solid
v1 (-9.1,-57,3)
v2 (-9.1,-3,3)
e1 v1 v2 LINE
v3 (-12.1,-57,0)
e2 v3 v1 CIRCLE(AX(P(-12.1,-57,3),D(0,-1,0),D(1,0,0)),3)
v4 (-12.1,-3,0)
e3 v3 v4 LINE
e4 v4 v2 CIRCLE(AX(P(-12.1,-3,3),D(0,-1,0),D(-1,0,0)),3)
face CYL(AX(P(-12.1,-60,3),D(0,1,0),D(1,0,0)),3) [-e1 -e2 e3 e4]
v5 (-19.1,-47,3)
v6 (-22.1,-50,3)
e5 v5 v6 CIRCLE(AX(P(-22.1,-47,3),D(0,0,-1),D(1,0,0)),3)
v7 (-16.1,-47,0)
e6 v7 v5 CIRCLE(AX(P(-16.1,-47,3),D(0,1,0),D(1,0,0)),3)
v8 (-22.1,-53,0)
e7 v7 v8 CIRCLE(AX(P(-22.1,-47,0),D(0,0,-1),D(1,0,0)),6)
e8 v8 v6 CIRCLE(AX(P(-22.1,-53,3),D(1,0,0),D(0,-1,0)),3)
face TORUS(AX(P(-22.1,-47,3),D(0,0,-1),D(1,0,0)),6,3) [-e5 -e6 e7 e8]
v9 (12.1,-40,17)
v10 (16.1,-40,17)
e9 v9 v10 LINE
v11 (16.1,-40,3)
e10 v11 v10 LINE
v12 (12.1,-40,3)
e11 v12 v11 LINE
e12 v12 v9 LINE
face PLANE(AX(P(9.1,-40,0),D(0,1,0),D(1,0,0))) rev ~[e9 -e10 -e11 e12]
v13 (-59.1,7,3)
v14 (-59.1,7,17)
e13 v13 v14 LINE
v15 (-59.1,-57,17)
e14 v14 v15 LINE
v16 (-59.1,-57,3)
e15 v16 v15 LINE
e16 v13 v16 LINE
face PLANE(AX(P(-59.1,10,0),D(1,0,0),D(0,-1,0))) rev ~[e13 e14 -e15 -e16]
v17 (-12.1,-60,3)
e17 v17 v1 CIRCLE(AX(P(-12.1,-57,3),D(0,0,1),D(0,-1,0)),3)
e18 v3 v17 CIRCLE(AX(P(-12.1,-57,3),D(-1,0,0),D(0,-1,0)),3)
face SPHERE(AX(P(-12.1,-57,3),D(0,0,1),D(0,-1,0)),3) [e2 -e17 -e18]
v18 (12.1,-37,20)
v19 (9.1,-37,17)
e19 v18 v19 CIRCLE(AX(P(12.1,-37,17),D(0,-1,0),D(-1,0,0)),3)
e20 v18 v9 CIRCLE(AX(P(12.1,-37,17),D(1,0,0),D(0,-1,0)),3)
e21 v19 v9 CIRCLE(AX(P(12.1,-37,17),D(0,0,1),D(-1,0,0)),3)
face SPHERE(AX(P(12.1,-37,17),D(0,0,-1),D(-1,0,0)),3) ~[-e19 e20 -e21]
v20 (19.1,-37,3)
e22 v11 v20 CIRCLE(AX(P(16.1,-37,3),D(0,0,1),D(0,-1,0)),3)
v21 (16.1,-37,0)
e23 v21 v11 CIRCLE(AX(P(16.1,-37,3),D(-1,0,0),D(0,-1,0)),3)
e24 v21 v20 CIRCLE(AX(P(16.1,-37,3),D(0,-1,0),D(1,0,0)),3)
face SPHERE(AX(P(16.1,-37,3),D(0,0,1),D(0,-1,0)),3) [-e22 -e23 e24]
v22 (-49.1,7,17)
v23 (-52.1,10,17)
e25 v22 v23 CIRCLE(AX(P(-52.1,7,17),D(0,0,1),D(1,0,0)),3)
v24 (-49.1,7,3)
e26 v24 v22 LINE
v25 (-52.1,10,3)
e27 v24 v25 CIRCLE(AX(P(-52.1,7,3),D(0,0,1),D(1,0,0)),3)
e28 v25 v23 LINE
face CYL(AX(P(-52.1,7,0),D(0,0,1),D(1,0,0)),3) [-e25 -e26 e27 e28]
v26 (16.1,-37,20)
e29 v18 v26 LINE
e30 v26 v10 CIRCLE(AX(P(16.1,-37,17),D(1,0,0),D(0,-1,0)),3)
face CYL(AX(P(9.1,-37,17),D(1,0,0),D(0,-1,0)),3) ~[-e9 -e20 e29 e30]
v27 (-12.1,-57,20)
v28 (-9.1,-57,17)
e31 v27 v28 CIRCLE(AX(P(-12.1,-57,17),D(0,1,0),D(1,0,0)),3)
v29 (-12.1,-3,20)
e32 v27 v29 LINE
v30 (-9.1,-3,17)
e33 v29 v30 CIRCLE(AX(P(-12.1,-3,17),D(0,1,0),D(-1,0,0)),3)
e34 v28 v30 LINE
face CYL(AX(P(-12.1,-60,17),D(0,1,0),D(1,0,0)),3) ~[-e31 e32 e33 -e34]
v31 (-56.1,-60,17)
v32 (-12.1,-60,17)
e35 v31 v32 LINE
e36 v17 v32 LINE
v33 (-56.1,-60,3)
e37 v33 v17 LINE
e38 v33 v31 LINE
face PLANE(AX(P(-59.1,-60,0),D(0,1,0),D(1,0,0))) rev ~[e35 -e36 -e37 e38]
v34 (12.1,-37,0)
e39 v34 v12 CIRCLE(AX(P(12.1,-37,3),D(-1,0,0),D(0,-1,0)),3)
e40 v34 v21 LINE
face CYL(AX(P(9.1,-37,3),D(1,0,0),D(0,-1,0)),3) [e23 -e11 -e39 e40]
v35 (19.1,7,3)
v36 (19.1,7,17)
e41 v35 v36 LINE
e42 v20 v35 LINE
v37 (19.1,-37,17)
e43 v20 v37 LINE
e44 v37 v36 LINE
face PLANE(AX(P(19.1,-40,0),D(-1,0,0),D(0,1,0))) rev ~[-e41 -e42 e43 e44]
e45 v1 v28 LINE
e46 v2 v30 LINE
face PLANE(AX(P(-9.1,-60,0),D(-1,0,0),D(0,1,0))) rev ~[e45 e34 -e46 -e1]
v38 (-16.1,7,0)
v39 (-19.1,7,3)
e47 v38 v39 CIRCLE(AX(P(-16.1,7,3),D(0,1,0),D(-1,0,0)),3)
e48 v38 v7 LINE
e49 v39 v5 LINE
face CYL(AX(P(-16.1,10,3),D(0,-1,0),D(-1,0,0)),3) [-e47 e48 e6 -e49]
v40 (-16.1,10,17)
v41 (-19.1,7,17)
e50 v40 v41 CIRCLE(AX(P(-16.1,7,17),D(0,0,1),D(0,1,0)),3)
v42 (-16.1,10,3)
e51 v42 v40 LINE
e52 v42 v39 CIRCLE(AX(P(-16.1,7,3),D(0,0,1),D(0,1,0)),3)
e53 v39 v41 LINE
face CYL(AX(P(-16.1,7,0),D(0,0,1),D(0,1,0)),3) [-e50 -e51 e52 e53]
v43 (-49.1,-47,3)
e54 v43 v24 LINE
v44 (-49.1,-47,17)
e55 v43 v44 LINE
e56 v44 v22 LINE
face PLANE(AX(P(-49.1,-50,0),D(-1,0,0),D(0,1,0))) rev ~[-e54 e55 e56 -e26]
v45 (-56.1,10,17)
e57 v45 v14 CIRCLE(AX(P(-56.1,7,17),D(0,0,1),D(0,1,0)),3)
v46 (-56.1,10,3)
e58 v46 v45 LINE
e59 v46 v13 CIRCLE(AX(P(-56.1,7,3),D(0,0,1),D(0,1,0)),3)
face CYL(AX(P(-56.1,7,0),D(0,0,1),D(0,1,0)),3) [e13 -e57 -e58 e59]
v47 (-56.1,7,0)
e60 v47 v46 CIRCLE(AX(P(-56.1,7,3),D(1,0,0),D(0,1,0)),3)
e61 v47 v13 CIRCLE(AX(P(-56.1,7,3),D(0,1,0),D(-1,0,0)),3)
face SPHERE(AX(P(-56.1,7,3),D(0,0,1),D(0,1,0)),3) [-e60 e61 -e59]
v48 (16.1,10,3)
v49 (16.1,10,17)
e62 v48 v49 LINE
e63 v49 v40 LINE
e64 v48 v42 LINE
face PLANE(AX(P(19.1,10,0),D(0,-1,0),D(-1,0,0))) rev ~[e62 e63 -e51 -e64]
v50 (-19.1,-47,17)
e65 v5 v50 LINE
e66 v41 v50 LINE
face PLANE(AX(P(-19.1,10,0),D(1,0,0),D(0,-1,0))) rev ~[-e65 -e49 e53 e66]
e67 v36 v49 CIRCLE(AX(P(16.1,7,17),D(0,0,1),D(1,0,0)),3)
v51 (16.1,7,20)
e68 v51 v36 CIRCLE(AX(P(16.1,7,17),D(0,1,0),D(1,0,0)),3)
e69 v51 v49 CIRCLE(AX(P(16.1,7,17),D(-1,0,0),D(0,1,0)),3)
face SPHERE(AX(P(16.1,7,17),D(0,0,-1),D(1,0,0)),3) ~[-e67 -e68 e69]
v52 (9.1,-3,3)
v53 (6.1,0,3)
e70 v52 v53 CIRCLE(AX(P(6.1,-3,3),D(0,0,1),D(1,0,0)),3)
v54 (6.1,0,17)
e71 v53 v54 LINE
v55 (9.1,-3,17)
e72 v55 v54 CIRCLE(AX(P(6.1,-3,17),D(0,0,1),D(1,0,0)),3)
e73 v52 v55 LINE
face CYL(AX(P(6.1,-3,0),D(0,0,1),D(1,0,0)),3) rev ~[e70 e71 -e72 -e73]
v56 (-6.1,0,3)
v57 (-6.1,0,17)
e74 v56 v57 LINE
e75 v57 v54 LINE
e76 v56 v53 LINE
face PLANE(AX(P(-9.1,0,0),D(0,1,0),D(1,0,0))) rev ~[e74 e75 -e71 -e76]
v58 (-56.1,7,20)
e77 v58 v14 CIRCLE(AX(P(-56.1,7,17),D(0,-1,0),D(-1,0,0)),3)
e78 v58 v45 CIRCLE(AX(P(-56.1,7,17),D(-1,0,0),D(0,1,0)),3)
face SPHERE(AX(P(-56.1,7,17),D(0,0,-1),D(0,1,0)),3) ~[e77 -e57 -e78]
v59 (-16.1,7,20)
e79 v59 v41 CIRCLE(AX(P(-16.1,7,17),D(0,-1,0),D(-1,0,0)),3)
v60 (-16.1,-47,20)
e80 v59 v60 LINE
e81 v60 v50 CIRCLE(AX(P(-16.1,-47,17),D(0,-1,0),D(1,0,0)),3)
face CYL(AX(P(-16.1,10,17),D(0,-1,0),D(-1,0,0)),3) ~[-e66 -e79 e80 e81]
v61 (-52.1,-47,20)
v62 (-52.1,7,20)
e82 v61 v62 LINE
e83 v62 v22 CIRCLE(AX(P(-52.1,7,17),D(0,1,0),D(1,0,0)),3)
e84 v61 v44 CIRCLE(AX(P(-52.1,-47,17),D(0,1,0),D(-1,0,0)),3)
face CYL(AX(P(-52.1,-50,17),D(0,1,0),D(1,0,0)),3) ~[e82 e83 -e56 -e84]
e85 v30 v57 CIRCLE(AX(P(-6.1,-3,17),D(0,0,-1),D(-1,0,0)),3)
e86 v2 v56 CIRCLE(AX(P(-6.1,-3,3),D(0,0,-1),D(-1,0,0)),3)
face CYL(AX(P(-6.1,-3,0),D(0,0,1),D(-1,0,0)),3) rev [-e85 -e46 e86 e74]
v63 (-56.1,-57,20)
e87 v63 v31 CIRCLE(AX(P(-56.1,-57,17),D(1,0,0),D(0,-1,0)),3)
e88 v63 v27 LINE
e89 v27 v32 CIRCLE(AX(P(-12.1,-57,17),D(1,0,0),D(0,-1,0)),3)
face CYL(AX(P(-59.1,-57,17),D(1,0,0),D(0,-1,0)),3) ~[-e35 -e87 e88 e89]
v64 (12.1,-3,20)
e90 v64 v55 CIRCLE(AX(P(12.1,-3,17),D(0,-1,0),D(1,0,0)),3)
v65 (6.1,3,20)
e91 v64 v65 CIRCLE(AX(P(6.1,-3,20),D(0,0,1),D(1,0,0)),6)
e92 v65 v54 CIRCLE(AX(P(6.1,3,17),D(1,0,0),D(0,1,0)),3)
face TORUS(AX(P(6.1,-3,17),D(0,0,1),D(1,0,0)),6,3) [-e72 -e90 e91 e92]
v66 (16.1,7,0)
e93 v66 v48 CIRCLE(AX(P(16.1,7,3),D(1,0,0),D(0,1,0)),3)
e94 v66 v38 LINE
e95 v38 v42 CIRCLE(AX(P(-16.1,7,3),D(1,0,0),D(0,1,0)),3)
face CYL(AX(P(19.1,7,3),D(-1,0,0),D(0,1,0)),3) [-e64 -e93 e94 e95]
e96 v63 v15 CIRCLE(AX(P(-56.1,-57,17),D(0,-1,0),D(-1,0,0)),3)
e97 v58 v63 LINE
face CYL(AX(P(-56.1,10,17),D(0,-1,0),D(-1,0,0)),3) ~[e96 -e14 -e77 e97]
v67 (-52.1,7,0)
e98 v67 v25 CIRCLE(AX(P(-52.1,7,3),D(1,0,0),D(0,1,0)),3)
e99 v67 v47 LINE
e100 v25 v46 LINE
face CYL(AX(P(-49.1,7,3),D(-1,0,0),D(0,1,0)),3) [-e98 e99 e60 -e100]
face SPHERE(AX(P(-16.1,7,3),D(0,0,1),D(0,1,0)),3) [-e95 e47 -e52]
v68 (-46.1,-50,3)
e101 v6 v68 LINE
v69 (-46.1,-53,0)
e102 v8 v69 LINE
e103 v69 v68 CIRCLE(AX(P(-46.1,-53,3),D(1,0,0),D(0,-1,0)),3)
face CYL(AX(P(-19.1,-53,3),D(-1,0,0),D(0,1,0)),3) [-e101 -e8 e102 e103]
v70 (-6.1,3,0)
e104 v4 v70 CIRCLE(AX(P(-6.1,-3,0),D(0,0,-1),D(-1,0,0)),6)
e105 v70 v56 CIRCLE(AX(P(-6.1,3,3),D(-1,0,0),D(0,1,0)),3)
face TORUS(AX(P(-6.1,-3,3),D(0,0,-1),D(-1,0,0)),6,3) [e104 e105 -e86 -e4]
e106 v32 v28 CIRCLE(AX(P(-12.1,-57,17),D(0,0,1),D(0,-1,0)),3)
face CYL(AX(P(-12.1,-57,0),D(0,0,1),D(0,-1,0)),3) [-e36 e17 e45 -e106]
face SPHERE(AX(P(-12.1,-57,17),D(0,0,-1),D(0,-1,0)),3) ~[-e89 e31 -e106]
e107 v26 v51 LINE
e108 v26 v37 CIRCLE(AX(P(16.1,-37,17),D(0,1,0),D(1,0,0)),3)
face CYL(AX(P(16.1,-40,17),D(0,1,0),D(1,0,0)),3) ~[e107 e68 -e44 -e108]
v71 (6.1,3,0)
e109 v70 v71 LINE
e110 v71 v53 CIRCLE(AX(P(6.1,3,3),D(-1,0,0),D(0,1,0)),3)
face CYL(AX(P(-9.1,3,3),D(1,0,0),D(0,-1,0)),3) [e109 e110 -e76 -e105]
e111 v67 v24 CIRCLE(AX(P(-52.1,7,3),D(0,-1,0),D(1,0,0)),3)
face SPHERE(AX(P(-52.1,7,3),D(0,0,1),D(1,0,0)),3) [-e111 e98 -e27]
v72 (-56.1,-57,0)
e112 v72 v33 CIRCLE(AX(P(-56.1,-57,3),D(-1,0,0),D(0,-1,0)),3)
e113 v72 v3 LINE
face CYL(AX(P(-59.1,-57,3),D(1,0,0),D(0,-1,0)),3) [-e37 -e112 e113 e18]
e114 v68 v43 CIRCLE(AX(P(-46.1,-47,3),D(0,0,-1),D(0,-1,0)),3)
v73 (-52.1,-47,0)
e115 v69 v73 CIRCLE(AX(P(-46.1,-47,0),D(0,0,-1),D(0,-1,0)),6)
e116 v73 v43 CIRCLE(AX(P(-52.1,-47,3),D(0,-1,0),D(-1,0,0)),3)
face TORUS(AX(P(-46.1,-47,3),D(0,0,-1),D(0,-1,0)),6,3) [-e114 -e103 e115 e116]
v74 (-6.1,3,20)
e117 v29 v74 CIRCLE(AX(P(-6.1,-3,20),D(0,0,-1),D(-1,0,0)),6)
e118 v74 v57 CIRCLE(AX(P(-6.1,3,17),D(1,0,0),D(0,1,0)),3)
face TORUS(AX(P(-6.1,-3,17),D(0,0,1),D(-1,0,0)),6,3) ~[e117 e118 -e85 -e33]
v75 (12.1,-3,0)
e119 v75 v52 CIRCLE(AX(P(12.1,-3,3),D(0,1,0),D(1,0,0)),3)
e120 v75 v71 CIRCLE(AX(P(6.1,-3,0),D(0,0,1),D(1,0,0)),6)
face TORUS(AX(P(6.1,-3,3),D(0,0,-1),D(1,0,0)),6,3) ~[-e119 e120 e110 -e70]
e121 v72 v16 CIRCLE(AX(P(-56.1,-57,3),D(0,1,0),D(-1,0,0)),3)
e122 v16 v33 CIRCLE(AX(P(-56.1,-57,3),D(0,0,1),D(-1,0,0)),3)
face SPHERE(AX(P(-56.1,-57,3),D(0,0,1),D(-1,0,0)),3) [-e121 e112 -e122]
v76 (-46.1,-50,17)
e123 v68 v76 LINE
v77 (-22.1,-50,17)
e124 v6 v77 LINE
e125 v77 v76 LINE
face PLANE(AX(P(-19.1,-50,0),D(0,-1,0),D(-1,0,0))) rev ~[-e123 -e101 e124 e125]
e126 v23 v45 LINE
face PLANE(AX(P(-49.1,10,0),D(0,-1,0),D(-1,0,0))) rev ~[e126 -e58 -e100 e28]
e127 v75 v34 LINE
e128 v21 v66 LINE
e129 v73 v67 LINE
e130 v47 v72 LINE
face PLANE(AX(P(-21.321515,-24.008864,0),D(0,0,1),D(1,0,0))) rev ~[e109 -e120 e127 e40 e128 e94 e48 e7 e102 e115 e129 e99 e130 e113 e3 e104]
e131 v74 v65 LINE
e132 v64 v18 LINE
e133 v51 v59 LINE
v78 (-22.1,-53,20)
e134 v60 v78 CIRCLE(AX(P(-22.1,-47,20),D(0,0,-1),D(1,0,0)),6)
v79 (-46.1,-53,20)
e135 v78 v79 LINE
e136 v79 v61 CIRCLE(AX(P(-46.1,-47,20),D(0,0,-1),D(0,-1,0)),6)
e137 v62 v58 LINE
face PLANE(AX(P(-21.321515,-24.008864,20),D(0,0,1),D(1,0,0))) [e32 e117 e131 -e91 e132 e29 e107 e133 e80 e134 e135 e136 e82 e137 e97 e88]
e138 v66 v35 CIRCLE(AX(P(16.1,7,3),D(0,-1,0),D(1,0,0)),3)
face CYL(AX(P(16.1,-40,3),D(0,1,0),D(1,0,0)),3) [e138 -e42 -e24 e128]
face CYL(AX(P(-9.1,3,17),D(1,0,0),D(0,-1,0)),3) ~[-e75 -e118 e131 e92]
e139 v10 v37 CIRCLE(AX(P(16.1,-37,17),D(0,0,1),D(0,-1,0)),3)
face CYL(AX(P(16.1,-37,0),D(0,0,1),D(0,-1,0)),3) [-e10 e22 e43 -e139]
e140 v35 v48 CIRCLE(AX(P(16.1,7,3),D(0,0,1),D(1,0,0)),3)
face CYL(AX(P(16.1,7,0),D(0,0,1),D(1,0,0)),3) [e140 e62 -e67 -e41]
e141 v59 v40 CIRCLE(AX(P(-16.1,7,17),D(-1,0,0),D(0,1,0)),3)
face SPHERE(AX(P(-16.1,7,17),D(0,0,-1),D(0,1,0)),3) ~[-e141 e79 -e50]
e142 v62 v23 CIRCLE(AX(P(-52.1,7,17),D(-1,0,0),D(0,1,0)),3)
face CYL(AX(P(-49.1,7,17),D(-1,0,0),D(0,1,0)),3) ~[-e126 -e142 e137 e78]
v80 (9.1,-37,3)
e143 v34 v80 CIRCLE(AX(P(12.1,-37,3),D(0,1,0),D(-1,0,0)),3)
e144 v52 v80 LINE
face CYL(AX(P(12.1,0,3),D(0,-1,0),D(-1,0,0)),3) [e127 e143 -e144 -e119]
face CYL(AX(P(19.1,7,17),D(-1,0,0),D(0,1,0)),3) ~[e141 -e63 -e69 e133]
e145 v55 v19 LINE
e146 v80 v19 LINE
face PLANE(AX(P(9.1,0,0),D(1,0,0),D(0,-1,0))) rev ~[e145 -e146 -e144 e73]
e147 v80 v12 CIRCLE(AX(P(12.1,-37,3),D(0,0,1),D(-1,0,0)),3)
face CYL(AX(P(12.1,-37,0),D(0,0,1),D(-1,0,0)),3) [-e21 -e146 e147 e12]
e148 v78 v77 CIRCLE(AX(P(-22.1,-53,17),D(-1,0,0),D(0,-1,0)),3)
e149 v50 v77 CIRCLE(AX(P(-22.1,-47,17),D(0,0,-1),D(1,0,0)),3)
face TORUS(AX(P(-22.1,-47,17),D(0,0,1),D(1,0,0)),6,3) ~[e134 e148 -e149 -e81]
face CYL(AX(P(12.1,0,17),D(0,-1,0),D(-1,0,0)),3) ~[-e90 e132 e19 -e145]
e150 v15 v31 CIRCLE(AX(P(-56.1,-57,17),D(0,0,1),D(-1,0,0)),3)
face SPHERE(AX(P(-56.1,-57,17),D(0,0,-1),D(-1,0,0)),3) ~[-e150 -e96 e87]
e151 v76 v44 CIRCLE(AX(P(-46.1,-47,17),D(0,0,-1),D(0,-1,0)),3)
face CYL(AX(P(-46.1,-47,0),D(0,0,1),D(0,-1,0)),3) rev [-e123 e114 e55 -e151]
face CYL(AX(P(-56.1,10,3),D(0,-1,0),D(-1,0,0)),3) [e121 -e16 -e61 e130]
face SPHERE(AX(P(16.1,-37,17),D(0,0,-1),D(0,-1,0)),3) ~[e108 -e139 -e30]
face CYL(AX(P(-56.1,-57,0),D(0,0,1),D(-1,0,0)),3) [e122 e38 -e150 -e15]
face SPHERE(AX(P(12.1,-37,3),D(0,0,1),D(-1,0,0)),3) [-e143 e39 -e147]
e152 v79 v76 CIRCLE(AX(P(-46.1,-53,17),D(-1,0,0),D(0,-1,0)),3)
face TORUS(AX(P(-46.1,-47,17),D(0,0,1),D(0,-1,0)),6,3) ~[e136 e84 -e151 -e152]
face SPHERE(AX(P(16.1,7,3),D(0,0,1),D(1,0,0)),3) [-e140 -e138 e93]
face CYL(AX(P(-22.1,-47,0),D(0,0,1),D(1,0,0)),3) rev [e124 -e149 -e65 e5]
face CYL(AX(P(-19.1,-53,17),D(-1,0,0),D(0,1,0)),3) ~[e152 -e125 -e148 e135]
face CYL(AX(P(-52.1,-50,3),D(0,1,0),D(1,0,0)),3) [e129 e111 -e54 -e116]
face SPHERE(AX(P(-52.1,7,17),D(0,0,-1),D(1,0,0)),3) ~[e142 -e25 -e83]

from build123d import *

# Parameters (mm, degrees)
PAD_DEPTH = 20
FILLET_R  = 3


with BuildPart() as part:
    # Sketch → Pad (new body)
    with BuildSketch(Plane.XY):
        Polygon((9.1, 0), (9.1, -40), (19.1, -40), (19.1, 10), (-19.1, 10), (-19.1, -50), (-49.1, -50), (-49.1, 10), (-59.1, 10), (-59.1, -60), (-9.1, -60), (-9.1, 0), align=None)
    extrude(amount=PAD_DEPTH)

    # Fillet
    fillet_edges = [part.edges().sort_by_distance(p)[0] for p in [
        (9.1, 0, 10),
        (9.1, -40, 10),
        (9.1, -20, 0),
        (9.1, -20, 20),
        (19.1, -40, 10),
        (14.1, -40, 0),
        (14.1, -40, 20),
        (19.1, 10, 10),
        (19.1, -15, 0),
        (19.1, -15, 20),
        (-19.1, 10, 10),
        (0, 10, 0),
        (0, 10, 20),
        (-19.1, -50, 10),
        (-19.1, -20, 0),
        (-19.1, -20, 20),
        (-49.1, -50, 10),
        (-34.1, -50, 0),
        (-34.1, -50, 20),
        (-49.1, 10, 10),
        (-49.1, -20, 0),
        (-49.1, -20, 20),
        (-59.1, 10, 10),
        (-54.1, 10, 0),
        (-54.1, 10, 20),
        (-59.1, -60, 10),
        (-59.1, -25, 0),
        (-59.1, -25, 20),
        (-9.1, -60, 10),
        (-34.1, -60, 0),
        (-34.1, -60, 20),
        (-9.1, 0, 10),
        (-9.1, -30, 0),
        (-9.1, -30, 20),
        (0, 0, 0),
        (0, 0, 20),
    ]]
    fillet(fillet_edges, radius=FILLET_R)


solid = part.part
